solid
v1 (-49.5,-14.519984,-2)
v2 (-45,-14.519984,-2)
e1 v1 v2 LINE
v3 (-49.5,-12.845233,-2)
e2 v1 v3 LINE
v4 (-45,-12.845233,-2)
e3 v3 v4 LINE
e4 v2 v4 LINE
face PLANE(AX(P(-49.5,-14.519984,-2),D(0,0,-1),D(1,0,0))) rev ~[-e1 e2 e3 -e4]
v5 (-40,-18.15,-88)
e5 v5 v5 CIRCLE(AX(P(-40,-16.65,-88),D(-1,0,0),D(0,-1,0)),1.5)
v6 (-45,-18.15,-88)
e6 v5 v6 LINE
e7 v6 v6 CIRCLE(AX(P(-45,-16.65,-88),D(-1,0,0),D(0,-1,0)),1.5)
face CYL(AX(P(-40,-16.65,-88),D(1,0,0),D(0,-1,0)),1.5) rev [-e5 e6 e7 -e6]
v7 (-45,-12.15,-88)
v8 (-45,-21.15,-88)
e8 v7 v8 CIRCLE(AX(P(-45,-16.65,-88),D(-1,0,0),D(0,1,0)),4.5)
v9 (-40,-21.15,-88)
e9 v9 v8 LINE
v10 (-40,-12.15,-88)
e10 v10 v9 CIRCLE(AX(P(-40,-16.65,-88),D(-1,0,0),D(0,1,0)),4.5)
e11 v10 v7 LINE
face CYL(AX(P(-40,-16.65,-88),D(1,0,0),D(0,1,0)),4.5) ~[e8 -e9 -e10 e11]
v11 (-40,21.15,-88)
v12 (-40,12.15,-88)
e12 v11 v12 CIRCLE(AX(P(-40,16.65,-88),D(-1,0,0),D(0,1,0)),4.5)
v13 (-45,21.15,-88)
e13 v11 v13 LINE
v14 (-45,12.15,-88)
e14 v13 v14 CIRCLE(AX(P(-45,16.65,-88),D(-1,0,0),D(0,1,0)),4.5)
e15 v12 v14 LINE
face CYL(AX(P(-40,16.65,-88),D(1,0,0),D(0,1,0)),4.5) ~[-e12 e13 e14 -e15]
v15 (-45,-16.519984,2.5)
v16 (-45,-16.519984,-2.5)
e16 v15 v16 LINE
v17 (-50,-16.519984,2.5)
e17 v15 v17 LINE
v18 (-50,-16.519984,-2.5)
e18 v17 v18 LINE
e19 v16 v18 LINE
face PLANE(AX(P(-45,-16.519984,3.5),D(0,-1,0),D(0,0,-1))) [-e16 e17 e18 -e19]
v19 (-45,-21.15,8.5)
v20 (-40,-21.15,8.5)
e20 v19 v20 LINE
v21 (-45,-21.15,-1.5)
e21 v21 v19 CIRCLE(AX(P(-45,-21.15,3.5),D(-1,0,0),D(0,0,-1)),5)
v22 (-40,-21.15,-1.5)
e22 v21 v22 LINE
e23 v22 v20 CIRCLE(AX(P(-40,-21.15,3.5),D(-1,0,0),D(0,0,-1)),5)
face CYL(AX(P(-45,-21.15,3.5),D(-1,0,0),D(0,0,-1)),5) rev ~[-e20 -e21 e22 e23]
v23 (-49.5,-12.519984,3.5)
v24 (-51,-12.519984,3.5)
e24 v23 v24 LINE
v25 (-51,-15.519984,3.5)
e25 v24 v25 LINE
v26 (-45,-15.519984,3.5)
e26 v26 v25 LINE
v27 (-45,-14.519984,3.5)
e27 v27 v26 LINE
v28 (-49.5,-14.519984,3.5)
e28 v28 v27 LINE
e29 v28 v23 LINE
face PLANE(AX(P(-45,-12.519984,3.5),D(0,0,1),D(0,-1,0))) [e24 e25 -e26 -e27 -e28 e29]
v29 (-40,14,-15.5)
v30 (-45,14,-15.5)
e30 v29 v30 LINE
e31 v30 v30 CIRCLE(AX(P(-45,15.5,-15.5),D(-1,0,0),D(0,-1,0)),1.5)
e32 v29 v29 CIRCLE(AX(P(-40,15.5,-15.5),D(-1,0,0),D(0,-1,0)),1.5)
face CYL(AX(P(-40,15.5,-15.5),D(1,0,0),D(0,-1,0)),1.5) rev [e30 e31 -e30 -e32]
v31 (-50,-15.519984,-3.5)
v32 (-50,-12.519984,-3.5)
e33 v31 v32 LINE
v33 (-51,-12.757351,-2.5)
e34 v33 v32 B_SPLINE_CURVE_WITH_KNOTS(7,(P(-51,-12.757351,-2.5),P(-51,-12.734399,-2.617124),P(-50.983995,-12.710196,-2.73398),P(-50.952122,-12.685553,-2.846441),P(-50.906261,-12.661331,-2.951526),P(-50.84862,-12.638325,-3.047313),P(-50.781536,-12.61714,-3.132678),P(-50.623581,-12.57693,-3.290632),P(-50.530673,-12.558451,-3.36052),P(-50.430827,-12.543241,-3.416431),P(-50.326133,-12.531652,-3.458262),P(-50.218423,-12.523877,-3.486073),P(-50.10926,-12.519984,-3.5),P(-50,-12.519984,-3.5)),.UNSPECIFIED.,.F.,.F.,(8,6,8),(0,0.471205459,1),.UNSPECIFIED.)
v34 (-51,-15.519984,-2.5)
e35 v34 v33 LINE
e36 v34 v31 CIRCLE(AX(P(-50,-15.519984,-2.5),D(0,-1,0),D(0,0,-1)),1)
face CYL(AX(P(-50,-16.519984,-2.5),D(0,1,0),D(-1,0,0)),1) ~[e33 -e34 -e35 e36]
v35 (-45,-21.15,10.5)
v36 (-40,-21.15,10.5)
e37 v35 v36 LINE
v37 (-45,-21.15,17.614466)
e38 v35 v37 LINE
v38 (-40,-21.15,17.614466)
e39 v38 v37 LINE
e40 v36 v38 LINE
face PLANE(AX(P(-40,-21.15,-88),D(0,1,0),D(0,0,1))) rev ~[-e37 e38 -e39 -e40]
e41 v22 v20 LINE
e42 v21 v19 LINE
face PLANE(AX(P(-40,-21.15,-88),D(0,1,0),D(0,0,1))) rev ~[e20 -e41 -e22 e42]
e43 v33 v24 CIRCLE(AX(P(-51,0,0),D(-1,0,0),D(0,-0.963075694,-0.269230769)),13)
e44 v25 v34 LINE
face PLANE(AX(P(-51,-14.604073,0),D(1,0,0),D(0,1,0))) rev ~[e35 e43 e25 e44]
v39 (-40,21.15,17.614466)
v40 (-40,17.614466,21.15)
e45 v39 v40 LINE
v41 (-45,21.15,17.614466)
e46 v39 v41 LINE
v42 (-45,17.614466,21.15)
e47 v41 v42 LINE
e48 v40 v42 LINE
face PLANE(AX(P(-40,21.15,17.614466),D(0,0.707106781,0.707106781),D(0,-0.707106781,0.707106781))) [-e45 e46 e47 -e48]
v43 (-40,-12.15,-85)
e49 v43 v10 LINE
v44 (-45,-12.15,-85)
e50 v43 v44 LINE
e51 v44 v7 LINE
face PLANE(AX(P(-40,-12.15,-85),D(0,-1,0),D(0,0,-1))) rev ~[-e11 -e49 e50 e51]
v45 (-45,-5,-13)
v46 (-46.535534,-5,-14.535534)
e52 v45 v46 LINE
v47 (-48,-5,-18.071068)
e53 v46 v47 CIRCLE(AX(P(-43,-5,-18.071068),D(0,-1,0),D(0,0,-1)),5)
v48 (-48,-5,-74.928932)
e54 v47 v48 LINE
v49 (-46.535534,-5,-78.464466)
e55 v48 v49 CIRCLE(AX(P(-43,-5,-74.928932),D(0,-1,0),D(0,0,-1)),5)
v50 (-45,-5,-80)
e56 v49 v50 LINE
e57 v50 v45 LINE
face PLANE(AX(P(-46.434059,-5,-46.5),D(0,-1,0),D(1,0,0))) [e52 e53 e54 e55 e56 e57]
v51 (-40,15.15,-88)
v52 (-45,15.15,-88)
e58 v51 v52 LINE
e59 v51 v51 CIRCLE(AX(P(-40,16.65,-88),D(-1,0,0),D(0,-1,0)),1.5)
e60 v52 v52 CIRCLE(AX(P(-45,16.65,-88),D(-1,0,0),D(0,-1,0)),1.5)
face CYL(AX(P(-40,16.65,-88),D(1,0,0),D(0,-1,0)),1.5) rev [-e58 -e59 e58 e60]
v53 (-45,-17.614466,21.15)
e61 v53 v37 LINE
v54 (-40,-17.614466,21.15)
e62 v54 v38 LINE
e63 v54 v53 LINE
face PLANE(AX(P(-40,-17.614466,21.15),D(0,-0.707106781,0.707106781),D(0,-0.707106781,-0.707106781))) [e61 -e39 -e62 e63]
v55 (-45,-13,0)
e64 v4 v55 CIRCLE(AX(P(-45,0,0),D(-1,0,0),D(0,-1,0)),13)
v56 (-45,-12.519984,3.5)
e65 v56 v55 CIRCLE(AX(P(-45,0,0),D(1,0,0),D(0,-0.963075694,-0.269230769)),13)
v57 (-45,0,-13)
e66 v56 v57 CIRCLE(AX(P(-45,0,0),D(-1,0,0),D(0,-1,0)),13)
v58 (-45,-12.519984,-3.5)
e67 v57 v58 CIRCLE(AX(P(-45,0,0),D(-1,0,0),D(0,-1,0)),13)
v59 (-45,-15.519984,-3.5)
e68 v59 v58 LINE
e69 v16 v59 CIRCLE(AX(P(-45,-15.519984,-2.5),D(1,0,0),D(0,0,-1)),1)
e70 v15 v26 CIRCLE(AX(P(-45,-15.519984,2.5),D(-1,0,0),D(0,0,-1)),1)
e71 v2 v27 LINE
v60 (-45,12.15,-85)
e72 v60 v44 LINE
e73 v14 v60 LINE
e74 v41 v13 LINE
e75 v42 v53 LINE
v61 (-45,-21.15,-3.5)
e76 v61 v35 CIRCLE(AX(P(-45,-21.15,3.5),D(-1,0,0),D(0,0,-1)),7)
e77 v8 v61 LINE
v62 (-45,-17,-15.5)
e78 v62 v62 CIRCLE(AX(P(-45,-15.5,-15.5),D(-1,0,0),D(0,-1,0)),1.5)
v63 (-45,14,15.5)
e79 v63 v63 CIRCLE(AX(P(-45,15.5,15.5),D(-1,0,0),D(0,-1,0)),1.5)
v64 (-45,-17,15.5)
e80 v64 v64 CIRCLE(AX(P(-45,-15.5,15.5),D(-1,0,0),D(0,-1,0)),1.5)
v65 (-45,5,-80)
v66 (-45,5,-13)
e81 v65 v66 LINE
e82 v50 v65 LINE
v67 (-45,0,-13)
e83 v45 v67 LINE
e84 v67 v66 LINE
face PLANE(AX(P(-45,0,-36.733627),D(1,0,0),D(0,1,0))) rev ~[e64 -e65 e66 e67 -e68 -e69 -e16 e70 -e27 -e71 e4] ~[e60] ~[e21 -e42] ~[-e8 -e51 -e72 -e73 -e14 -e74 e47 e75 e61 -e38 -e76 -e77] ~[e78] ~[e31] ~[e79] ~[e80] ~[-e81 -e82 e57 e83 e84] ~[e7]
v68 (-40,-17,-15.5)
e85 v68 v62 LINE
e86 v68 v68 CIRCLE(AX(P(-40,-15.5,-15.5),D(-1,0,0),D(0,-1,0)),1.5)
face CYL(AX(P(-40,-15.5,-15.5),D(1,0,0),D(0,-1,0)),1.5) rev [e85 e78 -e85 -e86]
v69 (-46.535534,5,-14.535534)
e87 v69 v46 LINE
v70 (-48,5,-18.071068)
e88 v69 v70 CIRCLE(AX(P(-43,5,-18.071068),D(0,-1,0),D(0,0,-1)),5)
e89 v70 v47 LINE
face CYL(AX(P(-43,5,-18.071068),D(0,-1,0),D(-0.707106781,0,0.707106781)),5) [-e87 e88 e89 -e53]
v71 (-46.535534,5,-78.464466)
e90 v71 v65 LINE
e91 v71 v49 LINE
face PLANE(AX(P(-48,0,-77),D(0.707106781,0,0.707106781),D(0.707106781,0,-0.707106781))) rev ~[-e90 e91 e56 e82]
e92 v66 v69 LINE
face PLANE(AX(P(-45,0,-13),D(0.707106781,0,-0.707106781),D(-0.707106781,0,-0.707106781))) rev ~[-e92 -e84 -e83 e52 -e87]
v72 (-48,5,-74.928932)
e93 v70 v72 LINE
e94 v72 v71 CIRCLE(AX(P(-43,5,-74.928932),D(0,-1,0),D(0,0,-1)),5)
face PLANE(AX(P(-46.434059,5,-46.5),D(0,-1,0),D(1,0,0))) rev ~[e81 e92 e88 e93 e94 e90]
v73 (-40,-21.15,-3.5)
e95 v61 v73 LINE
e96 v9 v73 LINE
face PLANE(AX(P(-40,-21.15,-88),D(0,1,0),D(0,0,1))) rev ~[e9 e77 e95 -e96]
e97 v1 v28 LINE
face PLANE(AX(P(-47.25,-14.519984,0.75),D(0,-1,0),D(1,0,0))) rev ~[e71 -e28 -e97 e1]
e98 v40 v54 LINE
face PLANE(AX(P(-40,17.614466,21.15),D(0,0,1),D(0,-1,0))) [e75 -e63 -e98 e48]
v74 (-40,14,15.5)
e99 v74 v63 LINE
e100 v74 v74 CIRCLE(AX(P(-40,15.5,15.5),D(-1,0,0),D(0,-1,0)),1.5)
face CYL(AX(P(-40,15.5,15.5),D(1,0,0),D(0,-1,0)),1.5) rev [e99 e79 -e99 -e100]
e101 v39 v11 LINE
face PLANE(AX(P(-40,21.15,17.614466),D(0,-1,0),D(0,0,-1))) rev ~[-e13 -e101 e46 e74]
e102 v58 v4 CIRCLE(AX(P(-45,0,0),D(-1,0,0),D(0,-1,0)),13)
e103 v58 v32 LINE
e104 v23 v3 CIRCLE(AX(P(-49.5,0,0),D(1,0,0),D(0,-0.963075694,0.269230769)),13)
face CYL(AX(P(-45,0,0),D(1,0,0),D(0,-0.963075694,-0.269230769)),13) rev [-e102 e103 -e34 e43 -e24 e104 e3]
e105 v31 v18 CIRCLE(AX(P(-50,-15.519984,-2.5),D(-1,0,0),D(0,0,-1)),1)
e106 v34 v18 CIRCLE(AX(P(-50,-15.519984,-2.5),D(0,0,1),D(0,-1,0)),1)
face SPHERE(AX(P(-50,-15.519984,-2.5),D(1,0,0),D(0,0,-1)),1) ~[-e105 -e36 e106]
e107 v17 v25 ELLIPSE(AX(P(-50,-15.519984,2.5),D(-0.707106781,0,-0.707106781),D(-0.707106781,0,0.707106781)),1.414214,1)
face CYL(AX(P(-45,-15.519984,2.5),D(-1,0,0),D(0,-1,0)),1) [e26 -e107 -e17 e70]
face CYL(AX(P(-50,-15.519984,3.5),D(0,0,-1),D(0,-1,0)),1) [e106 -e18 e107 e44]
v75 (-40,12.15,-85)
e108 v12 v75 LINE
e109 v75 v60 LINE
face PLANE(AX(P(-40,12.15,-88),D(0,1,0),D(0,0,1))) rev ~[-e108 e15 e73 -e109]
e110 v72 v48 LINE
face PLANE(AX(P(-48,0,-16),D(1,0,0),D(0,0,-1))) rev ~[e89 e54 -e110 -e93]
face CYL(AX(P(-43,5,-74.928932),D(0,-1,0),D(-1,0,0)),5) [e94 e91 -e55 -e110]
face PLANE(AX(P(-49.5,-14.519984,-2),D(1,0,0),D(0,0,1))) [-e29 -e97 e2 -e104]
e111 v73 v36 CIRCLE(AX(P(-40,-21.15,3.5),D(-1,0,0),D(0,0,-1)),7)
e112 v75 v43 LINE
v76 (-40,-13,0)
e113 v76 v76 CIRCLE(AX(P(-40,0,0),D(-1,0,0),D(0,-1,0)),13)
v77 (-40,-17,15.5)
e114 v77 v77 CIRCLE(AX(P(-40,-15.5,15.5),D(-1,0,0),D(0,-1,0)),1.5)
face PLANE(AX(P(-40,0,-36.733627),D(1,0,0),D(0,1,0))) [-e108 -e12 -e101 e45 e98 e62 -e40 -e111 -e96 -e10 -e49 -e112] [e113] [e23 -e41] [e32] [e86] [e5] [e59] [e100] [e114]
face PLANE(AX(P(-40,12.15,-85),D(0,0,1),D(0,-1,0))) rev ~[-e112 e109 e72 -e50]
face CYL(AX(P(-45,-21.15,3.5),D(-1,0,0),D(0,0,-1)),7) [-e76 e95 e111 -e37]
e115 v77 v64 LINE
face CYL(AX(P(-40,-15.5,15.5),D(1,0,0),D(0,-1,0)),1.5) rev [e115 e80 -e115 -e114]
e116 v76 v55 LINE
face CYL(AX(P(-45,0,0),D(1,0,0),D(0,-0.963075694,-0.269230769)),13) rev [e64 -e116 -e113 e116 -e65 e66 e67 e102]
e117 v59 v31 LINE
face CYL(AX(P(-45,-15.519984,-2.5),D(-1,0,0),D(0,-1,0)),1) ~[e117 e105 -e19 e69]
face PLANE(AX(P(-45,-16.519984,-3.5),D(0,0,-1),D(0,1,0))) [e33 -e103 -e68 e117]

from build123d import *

# Parameters (mm, degrees)
SKETCH009_R     = 1.5
SKETCH009_R_2   = 13
PAD007_DEPTH    = 5
PAD028_DEPTH    = 6
SKETCH071_W     = 4.5
SKETCH071_H     = 5.5
POCKET019_DEPTH = 2
FILLET002_R     = 1
PAD032_DEPTH    = 5
FILLET003_R     = 5
PAD035_DEPTH    = 5


with BuildPart() as part:
    # Sketch009 (on Face1 of Binder012) → Pad007 (new body)
    with BuildSketch(Plane(origin=(-40, 0, 0), x_dir=(0, -1, 0), z_dir=(-1, 0, 0))):
        with BuildLine():
            Line((-21.15, -17.6144660941), (-21.15, 17.6144660941))
            Line((-21.15, 17.6144660941), (-17.6144660941, 21.15))
            Line((-17.6144660941, 21.15), (17.6144660941, 21.15))
            Line((17.6144660941, 21.15), (21.15, 17.6144660941))
            Line((21.15, 17.6144660941), (21.15, -17.6144660941))
            Line((21.15, -17.6144660941), (21.15, -85))
            Line((21.15, -88), (21.15, -85))
            ThreePointArc((12.15, -88), (16.65, -92.5), (21.15, -88))
            Line((12.15, -85), (12.15, -88))
            Line((-12.15, -85), (12.15, -85))
            Line((-12.15, -88), (-12.15, -85))
            ThreePointArc((-21.15, -88), (-16.65, -92.5), (-12.15, -88))
            Line((-21.15, -85), (-21.15, -88))
            Line((-21.15, -85), (-21.15, -17.6144660941))
        make_face()
        with Locations((-15.5, 15.5)):
            Circle(SKETCH009_R, mode=Mode.SUBTRACT)
        with Locations((15.5, 15.5)):
            Circle(SKETCH009_R, mode=Mode.SUBTRACT)
        with Locations((15.5, -15.5)):
            Circle(SKETCH009_R, mode=Mode.SUBTRACT)
        with Locations((-15.5, -15.5)):
            Circle(SKETCH009_R, mode=Mode.SUBTRACT)
        Circle(SKETCH009_R_2, mode=Mode.SUBTRACT)
        with Locations((-16.65, -88)):
            Circle(SKETCH009_R, mode=Mode.SUBTRACT)
        with Locations((16.65, -88)):
            Circle(SKETCH009_R, mode=Mode.SUBTRACT)
    extrude(amount=PAD007_DEPTH)

    # Sketch070 (on Face23 of Pad007) → Pad028 (join)
    with BuildSketch(Plane(origin=(-45, 0, 0), x_dir=(0, -1, 0), z_dir=(-1, 0, 0))):
        with BuildLine():
            ThreePointArc((12.5199840255, -3.5), (13, 0), (12.5199840255, 3.5))
            Line((12.5199840255, 3.5), (16.5199840255, 3.5))
            Line((16.5199840255, 3.5), (16.5199840255, -3.5))
            Line((16.5199840255, -3.5), (12.5199840255, -3.5))
        make_face()
    extrude(amount=PAD028_DEPTH)

    # Sketch071 (on Face25 of Pad028) → Pocket019 (cut)
    with BuildSketch(Plane.XZ.offset(14.5199840255)):
        with Locations((-47.25, 0.75)):
            Rectangle(SKETCH071_W, SKETCH071_H)
    extrude(amount=-POCKET019_DEPTH, mode=Mode.SUBTRACT)

    # Fillet002
    fillet002_edges = [part.edges().sort_by_distance(p)[0] for p in [
        (-48, -16.519984, 3.5),
        (-48, -16.519984, -3.5),
        (-51, -14.519984, -3.5),
        (-51, -16.519984, 0),
    ]]
    fillet(fillet002_edges, radius=FILLET002_R)

    # Sketch077 (on DatumPlane) → Pad032 (join, symmetric)
    with BuildSketch(Plane(origin=(-44.1666666667, 0, 14.1), x_dir=(-1, 0, 0), z_dir=(0, 1, 0))):
        Polygon((0.8333333333, -27.1), (3.8333333333, -30.1), (3.8333333333, -91.1), (0.8333333333, -94.1), align=None)
    extrude(amount=PAD032_DEPTH, both=True)

    # Fillet003
    fillet003_edges = [part.edges().sort_by_distance(p)[0] for p in [
        (-48, 0, -16),
        (-48, 0, -77),
    ]]
    fillet(fillet003_edges, radius=FILLET003_R)

    # Sketch085 (on Face4 of Fillet003) → Pad035 (join)
    with BuildSketch(Plane(origin=(-45, 0, 0), x_dir=(0, -1, 0), z_dir=(-1, 0, 0))):
        with BuildLine():
            ThreePointArc((21.15, -1.5), (26.15, 3.5), (21.15, 8.5))
            Line((21.15, 10.5), (21.15, 8.5))
            ThreePointArc((21.15, -3.5), (28.15, 3.5), (21.15, 10.5))
            Line((21.15, -1.5), (21.15, -3.5))
        make_face()
    extrude(amount=-PAD035_DEPTH)


solid = part.part
